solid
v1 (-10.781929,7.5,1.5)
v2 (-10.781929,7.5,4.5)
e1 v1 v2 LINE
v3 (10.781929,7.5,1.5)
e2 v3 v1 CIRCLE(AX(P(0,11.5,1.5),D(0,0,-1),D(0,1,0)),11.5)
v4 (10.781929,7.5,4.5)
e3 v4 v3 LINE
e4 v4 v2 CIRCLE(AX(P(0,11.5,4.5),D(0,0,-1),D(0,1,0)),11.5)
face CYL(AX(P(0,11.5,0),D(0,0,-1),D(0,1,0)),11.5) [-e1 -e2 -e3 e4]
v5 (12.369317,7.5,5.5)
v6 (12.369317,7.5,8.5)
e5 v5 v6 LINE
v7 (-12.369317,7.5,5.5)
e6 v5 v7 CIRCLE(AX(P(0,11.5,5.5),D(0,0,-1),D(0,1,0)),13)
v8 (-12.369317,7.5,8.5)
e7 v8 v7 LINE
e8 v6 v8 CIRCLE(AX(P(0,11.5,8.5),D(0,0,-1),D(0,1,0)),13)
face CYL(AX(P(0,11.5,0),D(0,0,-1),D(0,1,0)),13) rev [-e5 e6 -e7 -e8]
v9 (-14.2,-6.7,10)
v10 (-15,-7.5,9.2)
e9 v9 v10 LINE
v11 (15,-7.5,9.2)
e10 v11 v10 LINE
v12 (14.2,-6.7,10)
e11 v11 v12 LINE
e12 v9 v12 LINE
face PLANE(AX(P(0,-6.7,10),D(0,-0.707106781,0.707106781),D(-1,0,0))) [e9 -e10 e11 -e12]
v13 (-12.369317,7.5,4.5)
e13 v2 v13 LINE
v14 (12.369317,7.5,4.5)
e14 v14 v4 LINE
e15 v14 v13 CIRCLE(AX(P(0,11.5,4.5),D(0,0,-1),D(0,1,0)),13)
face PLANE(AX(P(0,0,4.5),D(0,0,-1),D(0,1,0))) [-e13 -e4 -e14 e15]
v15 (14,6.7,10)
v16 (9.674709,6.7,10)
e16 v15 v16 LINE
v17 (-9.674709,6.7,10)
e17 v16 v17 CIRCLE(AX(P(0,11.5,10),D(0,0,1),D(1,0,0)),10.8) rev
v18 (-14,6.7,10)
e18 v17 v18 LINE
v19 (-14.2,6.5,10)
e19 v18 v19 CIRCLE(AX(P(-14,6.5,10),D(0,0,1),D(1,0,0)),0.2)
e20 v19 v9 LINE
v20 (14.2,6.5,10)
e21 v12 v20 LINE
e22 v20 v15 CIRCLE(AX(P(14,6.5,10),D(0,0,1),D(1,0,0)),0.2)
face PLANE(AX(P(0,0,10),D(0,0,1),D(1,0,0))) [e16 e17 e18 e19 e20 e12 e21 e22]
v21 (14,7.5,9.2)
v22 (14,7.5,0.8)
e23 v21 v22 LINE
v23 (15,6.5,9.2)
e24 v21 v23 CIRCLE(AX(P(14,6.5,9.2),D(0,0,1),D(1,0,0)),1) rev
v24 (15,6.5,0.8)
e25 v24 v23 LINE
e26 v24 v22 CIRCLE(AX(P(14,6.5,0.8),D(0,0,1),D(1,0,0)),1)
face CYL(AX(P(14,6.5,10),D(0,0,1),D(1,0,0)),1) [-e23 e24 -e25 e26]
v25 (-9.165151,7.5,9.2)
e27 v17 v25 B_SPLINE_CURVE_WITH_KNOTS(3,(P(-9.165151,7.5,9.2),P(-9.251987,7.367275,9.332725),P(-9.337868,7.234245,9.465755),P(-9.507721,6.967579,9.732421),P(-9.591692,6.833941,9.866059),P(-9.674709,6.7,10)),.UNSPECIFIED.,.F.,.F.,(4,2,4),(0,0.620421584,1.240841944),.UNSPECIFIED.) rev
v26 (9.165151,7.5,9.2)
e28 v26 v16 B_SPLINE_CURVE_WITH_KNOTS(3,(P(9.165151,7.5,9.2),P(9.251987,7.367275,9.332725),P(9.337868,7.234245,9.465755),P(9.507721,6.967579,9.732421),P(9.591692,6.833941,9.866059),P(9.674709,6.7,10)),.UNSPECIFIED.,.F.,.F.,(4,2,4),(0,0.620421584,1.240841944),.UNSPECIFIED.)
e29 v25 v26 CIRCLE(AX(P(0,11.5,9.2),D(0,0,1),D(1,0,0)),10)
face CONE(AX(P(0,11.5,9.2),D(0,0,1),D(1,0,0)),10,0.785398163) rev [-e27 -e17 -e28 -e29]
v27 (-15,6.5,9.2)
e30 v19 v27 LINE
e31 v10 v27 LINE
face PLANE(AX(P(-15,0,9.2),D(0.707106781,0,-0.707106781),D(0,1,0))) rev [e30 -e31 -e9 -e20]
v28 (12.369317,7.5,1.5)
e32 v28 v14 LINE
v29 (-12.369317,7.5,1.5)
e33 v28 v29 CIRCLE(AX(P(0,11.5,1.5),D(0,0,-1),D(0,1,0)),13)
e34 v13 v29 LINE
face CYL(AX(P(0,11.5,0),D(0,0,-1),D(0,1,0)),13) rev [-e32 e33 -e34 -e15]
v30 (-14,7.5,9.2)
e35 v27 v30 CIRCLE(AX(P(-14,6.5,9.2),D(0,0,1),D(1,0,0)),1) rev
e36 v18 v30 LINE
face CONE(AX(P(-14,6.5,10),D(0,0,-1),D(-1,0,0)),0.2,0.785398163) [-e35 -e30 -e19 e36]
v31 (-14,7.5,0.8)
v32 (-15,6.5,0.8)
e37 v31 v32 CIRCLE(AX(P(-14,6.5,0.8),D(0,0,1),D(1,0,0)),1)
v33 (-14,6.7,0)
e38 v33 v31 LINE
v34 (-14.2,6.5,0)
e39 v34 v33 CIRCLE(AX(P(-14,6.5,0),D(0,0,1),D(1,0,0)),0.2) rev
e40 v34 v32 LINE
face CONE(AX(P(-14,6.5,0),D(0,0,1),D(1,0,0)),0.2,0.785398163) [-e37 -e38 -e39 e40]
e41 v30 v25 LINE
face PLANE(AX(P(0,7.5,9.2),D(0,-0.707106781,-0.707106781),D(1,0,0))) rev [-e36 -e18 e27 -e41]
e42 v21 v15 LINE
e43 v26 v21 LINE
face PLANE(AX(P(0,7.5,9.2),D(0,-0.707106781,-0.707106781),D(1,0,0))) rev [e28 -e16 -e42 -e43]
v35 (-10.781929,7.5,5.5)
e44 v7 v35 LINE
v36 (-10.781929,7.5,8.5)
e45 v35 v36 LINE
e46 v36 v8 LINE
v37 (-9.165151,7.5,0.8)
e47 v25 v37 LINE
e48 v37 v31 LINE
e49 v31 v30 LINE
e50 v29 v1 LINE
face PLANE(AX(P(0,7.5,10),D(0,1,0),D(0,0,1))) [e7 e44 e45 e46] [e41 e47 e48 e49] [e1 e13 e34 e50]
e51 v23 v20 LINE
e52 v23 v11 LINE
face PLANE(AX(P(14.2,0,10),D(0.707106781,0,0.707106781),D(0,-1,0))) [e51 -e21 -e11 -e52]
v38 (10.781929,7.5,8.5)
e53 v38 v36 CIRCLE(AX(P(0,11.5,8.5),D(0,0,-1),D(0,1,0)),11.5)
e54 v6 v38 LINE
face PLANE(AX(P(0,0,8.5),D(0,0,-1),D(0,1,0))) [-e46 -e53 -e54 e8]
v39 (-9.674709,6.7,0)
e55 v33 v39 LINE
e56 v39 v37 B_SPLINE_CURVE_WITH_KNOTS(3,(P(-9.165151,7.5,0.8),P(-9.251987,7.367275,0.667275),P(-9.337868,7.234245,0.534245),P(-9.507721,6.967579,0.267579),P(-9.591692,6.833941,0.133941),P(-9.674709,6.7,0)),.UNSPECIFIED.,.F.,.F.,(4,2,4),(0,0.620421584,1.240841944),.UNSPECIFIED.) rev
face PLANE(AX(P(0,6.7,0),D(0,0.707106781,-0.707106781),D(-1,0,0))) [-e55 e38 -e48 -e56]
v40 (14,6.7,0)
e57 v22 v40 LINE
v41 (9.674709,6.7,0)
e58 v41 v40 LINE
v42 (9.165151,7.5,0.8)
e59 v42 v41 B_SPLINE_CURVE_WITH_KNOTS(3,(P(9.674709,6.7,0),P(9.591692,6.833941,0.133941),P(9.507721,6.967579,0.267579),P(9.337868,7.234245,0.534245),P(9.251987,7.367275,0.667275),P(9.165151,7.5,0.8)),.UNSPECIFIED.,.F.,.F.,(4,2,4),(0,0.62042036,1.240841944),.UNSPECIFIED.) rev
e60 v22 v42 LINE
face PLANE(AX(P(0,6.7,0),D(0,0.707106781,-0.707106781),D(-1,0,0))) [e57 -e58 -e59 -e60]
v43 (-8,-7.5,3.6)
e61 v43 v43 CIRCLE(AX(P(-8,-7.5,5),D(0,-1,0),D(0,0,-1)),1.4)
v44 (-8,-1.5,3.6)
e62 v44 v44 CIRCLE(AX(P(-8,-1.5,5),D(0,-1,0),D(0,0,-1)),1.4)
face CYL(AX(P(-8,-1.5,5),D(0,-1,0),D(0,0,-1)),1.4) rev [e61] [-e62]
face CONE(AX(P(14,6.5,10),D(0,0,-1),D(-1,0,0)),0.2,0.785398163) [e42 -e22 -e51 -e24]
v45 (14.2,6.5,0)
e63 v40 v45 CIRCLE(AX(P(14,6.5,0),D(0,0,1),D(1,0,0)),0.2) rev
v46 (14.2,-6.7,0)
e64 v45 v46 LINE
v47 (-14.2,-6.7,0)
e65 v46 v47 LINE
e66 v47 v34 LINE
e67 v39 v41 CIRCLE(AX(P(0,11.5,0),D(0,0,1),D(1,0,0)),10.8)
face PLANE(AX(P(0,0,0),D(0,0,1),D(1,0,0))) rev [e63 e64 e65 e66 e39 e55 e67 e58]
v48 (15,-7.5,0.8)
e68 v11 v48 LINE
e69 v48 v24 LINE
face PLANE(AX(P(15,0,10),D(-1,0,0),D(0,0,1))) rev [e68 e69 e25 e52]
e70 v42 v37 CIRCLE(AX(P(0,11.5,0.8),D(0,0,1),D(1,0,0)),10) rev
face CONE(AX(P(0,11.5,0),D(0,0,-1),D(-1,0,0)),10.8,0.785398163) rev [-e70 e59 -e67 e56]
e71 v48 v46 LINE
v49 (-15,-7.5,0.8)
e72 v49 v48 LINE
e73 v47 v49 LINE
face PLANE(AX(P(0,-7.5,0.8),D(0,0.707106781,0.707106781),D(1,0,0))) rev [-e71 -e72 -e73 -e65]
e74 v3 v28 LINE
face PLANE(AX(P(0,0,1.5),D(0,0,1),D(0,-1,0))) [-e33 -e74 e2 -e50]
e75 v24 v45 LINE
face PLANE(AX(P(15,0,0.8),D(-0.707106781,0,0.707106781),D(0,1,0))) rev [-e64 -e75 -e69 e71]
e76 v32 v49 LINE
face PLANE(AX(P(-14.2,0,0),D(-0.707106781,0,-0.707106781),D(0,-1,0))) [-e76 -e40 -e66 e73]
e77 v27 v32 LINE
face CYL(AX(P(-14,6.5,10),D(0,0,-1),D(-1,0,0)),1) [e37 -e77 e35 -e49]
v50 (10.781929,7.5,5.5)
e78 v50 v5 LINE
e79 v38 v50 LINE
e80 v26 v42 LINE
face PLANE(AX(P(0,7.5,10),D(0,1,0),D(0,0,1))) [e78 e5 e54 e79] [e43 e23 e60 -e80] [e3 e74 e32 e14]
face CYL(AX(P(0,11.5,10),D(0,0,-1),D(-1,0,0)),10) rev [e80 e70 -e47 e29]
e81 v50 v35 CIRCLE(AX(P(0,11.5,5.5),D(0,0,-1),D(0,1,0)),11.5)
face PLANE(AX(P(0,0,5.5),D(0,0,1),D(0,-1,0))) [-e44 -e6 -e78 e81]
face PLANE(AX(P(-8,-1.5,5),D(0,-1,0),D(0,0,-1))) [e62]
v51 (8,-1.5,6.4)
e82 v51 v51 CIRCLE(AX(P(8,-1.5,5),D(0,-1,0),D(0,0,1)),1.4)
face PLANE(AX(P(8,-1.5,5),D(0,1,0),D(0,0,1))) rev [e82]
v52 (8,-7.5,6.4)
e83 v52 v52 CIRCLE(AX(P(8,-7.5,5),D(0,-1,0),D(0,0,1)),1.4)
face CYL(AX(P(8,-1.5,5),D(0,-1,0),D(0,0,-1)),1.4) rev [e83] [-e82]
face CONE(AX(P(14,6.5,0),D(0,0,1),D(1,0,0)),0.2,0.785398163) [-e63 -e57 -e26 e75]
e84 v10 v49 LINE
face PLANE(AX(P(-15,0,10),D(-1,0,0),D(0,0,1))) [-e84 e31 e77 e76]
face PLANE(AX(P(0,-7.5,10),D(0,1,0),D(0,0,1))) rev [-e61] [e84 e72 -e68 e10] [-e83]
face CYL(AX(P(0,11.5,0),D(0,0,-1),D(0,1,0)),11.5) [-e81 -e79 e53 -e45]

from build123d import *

# Parameters (mm, degrees)
BOSS_EXTRUDE1_DEPTH = 10
SKETCH2_R           = 1.4
CUT_EXTRUDE1_DEPTH  = 6
SKETCH3_W           = 3
SKETCH3_H           = 1.5
FILLET1_R           = 1
CHAMFER1_SIZE       = 0.8


with BuildPart() as part:
    # Sketch1 → Boss-Extrude1 (new body)
    with BuildSketch(Plane.XY):
        with BuildLine():
            Line((-15, 7.5), (-15, -7.5))
            Line((-15, -7.5), (15, -7.5))
            Line((15, -7.5), (15, 7.5))
            Line((15, 7.5), (9.16515139, 7.5))
            ThreePointArc((9.16515139, 7.5), (0, 1.5), (-9.16515139, 7.5))
            Line((-9.16515139, 7.5), (-15, 7.5))
        make_face()
    extrude(amount=BOSS_EXTRUDE1_DEPTH)

    # Sketch2 → Cut-Extrude1 (cut)
    with BuildSketch(Plane.XZ.offset(7.5)):
        with Locations((-8, 5)):
            Circle(SKETCH2_R)
        with Locations((8, 5)):
            Circle(SKETCH2_R)
    extrude(amount=-CUT_EXTRUDE1_DEPTH, mode=Mode.SUBTRACT)

    # Sketch3 → Cut-Revolve1 (revolve, cut)
    with BuildSketch(Plane(origin=(0, 0, 0), x_dir=(0, 0, -1), z_dir=(1, 0, 0))):
        with Locations((-7, -0.75)):
            Rectangle(SKETCH3_W, SKETCH3_H)
        with Locations((-3, -0.75)):
            Rectangle(SKETCH3_W, SKETCH3_H)
    revolve(axis=Axis((0, 11.5, 0), (0, 0, 1)), mode=Mode.SUBTRACT)

    # Fillet1
    fillet1_edges = [part.edges().sort_by_distance(p)[0] for p in [
        (15, 7.5, 5),
        (-15, 7.5, 5),
    ]]
    fillet(fillet1_edges, radius=FILLET1_R)

    # Chamfer1
    chamfer1_edges = [part.edges().sort_by_distance(p)[0] for p in [
        (0, 1.5, 0),
        (-15, -0.5, 10),
        (0, -7.5, 10),
        (15, -0.5, 10),
        (11.582575695, 7.5, 10),
        (-11.582575695, 7.5, 0),
        (-14.707106781, 7.207106781, 0),
        (14.707106781, 7.207106781, 0),
        (-11.582575695, 7.5, 10),
        (0, 1.5, 10),
        (-14.707106781, 7.207106781, 10),
        (14.707106781, 7.207106781, 10),
        (11.582575695, 7.5, 0),
        (15, -0.5, 0),
        (0, -7.5, 0),
        (-15, -0.5, 0),
    ]]
    chamfer(chamfer1_edges, length=CHAMFER1_SIZE)


solid = part.part
